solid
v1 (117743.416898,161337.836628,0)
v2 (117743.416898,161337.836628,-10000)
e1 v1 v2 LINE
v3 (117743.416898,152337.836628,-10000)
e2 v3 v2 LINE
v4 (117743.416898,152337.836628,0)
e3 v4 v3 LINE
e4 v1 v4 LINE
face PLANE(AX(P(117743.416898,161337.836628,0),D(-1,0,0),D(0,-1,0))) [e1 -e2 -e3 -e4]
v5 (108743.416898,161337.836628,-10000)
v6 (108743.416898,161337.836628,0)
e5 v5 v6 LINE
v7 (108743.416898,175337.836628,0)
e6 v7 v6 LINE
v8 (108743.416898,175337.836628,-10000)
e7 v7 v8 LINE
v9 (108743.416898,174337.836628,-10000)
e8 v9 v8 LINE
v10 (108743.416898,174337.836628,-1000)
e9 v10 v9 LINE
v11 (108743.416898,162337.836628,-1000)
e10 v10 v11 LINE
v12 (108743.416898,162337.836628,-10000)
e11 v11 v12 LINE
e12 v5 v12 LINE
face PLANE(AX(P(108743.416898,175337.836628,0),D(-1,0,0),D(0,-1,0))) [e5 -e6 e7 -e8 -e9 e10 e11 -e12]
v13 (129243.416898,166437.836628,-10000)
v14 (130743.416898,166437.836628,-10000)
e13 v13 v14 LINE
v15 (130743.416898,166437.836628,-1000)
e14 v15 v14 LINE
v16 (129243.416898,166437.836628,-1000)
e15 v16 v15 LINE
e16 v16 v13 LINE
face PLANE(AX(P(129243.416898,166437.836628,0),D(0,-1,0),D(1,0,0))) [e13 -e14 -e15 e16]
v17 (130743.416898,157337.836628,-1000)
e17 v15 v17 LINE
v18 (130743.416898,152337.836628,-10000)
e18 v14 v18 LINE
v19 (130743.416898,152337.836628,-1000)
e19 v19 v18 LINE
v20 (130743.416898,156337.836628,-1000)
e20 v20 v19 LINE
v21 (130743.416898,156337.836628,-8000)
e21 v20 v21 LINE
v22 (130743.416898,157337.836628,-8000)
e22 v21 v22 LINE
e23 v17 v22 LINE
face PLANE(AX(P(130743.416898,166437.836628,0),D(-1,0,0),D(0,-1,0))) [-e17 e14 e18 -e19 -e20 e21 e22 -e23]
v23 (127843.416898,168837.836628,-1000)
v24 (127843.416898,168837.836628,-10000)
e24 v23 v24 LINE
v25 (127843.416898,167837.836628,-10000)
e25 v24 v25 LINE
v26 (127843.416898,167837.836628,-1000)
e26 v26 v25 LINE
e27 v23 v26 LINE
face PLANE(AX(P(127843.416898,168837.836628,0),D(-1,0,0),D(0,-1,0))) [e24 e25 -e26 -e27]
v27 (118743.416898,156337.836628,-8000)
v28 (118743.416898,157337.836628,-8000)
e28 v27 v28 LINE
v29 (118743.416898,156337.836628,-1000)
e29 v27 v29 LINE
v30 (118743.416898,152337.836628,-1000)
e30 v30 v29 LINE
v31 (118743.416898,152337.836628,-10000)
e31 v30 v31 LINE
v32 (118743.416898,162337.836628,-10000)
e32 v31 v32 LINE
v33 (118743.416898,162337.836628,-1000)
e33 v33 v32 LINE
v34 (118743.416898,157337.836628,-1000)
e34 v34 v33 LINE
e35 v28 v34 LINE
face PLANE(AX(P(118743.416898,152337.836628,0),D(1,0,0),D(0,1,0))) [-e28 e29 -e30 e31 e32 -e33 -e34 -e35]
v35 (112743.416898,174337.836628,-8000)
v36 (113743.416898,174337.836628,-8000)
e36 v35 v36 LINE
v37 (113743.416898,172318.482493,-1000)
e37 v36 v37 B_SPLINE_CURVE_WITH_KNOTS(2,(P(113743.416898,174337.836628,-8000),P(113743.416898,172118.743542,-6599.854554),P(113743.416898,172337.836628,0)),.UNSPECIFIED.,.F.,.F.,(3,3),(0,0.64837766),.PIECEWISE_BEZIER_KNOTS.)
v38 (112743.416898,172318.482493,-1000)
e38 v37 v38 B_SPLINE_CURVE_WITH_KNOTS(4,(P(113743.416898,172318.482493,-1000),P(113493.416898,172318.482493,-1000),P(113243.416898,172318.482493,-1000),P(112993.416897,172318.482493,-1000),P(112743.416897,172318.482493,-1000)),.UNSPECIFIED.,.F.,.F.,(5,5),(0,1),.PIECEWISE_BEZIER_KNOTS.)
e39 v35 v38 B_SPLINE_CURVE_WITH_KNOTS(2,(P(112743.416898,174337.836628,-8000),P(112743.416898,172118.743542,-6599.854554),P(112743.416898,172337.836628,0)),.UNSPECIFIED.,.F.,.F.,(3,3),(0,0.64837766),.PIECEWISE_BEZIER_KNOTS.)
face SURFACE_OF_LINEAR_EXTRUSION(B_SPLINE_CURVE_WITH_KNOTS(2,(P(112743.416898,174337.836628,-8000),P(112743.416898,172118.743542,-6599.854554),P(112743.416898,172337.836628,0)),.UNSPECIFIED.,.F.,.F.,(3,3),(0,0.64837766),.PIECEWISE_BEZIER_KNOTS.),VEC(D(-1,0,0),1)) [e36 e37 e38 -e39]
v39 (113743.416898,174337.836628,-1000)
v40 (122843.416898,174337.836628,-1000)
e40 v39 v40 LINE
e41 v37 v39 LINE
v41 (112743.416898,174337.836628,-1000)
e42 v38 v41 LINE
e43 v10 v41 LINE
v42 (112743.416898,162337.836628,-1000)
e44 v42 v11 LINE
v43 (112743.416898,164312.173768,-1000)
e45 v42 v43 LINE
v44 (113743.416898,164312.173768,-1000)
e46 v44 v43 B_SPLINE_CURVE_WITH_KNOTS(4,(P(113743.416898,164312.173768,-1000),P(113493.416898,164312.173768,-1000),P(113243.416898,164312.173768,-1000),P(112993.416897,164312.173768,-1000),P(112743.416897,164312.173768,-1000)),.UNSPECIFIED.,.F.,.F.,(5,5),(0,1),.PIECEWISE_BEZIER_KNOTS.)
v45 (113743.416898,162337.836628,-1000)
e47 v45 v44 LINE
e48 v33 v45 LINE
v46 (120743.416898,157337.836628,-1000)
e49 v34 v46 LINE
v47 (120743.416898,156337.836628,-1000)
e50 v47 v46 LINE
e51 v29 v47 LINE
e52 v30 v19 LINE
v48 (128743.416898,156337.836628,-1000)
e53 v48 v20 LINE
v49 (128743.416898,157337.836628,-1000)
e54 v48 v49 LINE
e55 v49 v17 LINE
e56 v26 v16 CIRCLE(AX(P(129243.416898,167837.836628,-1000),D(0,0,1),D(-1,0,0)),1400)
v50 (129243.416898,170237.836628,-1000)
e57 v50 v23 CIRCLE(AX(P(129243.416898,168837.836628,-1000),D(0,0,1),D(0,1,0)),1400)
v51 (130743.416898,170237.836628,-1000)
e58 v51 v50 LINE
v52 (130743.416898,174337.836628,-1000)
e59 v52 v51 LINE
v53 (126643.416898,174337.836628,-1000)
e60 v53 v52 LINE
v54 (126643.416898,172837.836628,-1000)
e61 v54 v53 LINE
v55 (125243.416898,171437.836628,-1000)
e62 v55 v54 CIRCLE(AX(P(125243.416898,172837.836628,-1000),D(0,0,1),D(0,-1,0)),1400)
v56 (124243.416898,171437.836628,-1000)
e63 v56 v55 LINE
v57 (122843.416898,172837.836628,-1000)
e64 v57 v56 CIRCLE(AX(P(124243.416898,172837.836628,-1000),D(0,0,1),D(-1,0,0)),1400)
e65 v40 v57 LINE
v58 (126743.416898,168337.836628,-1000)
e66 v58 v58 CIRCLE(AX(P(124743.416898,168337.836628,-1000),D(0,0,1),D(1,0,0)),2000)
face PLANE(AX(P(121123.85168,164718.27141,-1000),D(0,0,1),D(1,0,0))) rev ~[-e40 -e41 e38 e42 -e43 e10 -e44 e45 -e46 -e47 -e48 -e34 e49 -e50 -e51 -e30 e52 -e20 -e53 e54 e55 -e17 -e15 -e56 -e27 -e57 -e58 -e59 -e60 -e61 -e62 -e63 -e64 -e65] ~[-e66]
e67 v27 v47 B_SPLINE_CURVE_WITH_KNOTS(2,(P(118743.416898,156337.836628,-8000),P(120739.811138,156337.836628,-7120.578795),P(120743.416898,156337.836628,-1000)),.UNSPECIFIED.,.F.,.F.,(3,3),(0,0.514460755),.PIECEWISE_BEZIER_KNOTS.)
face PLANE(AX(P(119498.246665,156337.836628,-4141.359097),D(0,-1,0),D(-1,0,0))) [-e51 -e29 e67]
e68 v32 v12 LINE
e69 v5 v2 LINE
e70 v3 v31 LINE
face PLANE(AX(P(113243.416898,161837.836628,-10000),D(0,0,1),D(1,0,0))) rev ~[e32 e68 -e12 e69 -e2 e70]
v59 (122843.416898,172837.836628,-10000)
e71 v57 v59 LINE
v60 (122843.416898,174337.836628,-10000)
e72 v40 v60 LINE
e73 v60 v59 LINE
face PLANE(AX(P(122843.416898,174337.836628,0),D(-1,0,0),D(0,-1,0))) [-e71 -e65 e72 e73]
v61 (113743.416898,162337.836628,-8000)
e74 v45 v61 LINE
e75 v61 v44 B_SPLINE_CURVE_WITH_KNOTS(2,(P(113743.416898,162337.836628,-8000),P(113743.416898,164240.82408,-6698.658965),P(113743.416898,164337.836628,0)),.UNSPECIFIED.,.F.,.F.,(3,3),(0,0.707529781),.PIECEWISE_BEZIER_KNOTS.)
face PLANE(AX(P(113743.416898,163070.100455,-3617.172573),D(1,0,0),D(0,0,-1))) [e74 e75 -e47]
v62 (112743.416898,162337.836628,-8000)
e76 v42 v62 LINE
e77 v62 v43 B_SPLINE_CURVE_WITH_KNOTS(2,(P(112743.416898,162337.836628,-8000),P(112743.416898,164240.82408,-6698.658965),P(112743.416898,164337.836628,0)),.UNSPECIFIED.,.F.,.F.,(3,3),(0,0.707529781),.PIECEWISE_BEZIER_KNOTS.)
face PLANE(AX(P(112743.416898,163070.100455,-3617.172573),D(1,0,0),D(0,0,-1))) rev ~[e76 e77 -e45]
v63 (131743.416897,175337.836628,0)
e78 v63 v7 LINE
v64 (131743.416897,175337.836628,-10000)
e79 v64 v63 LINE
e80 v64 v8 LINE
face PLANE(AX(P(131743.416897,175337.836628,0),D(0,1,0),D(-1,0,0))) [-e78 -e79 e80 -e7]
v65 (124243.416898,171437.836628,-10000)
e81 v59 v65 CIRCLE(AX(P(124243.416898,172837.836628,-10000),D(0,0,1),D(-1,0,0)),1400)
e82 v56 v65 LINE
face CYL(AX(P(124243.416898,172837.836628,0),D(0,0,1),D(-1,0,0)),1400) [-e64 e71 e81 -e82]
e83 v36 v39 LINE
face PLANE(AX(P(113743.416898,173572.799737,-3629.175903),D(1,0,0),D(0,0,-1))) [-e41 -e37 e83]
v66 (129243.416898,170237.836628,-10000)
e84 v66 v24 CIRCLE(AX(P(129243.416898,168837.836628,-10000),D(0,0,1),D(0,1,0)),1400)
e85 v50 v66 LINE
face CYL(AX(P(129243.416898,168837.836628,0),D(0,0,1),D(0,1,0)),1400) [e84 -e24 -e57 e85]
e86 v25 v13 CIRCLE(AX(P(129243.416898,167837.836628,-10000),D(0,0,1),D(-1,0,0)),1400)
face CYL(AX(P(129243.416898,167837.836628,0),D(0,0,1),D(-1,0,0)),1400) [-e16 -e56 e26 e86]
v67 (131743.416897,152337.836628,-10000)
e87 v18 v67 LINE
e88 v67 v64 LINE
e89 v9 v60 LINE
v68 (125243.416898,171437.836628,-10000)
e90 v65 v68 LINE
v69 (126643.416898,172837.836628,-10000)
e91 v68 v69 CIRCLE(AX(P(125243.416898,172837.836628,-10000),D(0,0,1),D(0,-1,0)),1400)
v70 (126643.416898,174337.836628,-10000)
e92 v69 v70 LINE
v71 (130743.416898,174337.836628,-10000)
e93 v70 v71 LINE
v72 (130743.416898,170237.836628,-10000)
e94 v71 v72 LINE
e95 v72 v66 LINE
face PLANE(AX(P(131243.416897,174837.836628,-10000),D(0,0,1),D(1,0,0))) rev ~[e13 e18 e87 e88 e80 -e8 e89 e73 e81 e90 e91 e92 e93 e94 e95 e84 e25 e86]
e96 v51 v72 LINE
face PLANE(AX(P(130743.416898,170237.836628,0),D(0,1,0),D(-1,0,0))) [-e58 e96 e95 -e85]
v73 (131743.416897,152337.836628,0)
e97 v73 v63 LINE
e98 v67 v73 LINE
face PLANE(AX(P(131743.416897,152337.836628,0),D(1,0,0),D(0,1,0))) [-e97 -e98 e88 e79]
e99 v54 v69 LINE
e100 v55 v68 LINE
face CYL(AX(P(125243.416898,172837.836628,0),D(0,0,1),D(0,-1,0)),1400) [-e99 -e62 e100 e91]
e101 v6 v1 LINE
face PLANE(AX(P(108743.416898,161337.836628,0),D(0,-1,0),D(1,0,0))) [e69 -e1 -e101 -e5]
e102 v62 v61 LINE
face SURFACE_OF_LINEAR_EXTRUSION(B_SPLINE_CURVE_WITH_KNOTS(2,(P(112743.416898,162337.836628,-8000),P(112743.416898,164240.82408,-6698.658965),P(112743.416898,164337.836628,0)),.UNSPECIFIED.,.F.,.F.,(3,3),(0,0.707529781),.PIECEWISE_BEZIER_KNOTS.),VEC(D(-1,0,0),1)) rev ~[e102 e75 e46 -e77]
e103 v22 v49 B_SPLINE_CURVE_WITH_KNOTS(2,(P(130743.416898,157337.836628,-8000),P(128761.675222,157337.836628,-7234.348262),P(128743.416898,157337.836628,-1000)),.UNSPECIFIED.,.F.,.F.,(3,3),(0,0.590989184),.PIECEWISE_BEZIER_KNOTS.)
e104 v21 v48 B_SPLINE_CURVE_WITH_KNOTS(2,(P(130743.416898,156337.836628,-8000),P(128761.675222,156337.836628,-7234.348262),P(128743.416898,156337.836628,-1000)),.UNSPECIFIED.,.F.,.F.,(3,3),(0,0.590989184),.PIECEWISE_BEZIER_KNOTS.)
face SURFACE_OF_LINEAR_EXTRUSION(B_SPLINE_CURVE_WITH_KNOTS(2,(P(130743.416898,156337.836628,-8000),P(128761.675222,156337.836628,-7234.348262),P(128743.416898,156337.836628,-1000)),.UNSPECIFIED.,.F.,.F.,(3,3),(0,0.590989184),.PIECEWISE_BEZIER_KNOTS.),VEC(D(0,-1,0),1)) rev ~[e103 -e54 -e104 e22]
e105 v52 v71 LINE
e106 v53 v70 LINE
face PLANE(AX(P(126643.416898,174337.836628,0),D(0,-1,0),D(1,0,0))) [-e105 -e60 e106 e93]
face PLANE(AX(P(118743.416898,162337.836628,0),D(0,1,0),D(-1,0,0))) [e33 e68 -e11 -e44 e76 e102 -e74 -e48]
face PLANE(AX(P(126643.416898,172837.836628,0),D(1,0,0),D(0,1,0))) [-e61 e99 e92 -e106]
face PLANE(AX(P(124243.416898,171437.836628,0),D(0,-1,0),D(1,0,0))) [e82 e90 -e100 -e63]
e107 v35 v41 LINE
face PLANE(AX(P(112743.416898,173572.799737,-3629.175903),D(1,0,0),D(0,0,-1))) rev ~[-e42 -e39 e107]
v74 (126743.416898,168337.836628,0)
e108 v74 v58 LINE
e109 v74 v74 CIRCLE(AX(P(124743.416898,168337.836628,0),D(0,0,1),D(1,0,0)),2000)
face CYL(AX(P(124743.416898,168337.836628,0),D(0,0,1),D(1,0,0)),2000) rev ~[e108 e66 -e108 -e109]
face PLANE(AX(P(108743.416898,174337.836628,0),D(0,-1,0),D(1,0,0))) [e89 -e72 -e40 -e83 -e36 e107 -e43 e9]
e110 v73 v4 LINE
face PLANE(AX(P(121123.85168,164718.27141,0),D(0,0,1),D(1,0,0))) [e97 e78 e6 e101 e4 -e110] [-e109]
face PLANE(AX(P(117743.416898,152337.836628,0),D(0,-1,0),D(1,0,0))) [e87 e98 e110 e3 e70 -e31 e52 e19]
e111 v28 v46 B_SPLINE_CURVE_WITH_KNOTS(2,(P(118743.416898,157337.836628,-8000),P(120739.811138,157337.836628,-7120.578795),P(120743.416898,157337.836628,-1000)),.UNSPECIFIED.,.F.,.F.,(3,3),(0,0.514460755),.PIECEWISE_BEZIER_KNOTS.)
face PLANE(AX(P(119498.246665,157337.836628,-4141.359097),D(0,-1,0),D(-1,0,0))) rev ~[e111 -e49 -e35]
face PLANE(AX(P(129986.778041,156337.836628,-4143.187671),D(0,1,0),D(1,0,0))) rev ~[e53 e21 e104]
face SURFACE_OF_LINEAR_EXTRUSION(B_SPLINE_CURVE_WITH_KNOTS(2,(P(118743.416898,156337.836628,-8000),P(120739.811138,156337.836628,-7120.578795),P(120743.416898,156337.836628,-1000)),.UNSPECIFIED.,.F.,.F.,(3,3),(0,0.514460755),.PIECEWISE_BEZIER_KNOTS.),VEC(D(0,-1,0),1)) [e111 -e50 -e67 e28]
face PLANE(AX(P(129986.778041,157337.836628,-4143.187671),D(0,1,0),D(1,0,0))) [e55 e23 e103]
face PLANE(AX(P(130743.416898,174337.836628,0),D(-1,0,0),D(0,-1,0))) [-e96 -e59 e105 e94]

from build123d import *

# Parameters (mm, degrees)
CROQUIS1_R                   = 2000
SALIENTE_EXTRUIR1_DEPTH      = 1000
SALIENTE_EXTRUIR2_DEPTH      = 10000
SALIENTE_EXTRUIR3_DEPTH      = 500
SALIENTE_EXTRUIR3_DEPTH_BACK = 500
SALIENTE_EXTRUIR5_DEPTH      = 500
SALIENTE_EXTRUIR5_DEPTH_BACK = 500


with BuildPart() as part:
    # Croquis1 → Saliente-Extruir1 (new body)
    with BuildSketch(Plane.XY):
        Polygon((117743.416897498, 161337.836627923), (117743.416897498, 152337.836627923), (131743.416897498, 152337.836627923), (131743.416897498, 175337.836627923), (108743.416897498, 175337.836627923), (108743.416897498, 161337.836627923), align=None)
        with Locations((124743.416897498, 168337.836627923)):
            Circle(CROQUIS1_R, mode=Mode.SUBTRACT)
    extrude(amount=-SALIENTE_EXTRUIR1_DEPTH)

    # Croquis1<6> → Saliente-Extruir2 (add)
    with BuildSketch(Plane.XY):
        Polygon((117743.416897498, 161337.836627923), (117743.416897498, 152337.836627923), (118743.416897498, 152337.836627923), (118743.416897498, 162337.836627923), (108743.416897498, 162337.836627923), (108743.416897498, 161337.836627923), align=None)
        with BuildLine():
            Line((130743.416897498, 152337.836627923), (131743.416897498, 152337.836627923))
            Line((131743.416897498, 152337.836627923), (131743.416897498, 175337.836627923))
            Line((131743.416897498, 175337.836627923), (108743.416897498, 175337.836627923))
            Line((108743.416897498, 175337.836627923), (108743.416897498, 174337.836627923))
            Line((108743.416897498, 174337.836627923), (122843.416897498, 174337.836627923))
            Line((122843.416897498, 174337.836627923), (122843.416897498, 172837.836627923))
            ThreePointArc((122843.416897498, 172837.836627923), (123253.467403837, 171847.887134262), (124243.416897498, 171437.836627923))
            Line((124243.416897498, 171437.836627923), (125243.416897498, 171437.836627923))
            ThreePointArc((125243.416897498, 171437.836627923), (126233.366391159, 171847.887134262), (126643.416897498, 172837.836627923))
            Line((126643.416897498, 172837.836627923), (126643.416897498, 174337.836627923))
            Line((126643.416897498, 174337.836627923), (130743.416897498, 174337.836627923))
            Line((130743.416897498, 174337.836627923), (130743.416897498, 170237.836627923))
            Line((130743.416897498, 170237.836627923), (129243.416897498, 170237.836627923))
            ThreePointArc((129243.416897498, 170237.836627923), (128253.467403837, 169827.786121585), (127843.416897498, 168837.836627923))
            Line((127843.416897498, 168837.836627923), (127843.416897498, 167837.836627923))
            ThreePointArc((127843.416897498, 167837.836627923), (128253.467403837, 166847.887134262), (129243.416897498, 166437.836627923))
            Line((129243.416897498, 166437.836627923), (130743.416897498, 166437.836627923))
            Line((130743.416897498, 166437.836627923), (130743.416897498, 152337.836627923))
        make_face()
    extrude(amount=-SALIENTE_EXTRUIR2_DEPTH)

    # Croquis2 → Saliente-Extruir3 (add, two sides: drawn at the far end of the back side and taken through both)
    with BuildSketch(Plane(origin=(0, 156837.836627923, 0), x_dir=(1, 0, 0), z_dir=(0, 1, 0)).offset(-SALIENTE_EXTRUIR3_DEPTH_BACK)):
        with BuildLine():
            add(Edge.make_bspline(
                [(118743.416897498, 8000), (120739.811138244, 7120.578794783), (120743.416897498, 1000)],
                knots=[0, 0, 0, 0.514460755, 0.514460755, 0.514460755], degree=2))
            Line((118743.416897498, 8000), (118743.416897498, 1000))
            Line((118743.416897498, 1000), (120743.416897498, 1000))
        make_face()
        with BuildLine():
            Line((130743.416897498, 1000), (130743.416897498, 8000))
            add(Edge.make_bspline(
                [(130743.416897498, 8000), (128761.675222051, 7234.348262256), (128743.416897498, 1000)],
                knots=[0, 0, 0, 0.590989184, 0.590989184, 0.590989184], degree=2))
            Line((128743.416897498, 1000), (130743.416897498, 1000))
        make_face()
    extrude(amount=SALIENTE_EXTRUIR3_DEPTH + SALIENTE_EXTRUIR3_DEPTH_BACK)

    # Croquis4 → Saliente-Extruir5 (add, two sides: drawn at the far end of the back side and taken through both)
    with BuildSketch(Plane(origin=(113243.416897498, 0, 0), x_dir=(0, 0, -1), z_dir=(1, 0, 0)).offset(-SALIENTE_EXTRUIR5_DEPTH_BACK)):
        with BuildLine():
            Line((8000, 174337.836627923), (0, 174337.836627923))
            Line((0, 174337.836627923), (0, 172337.836627923))
            add(Edge.make_bspline(
                [(8000, 174337.836627923), (6599.854554041, 172118.74354217), (0, 172337.836627923)],
                knots=[0, 0, 0, 0.64837766, 0.64837766, 0.64837766], degree=2))
        make_face()
        with BuildLine():
            add(Edge.make_bspline(
                [(8000, 162337.836627923), (6698.658965378, 164240.824079883), (0, 164337.836627923)],
                knots=[0, 0, 0, 0.707529781, 0.707529781, 0.707529781], degree=2))
            Line((0, 164337.836627923), (0, 162337.836627923))
            Line((0, 162337.836627923), (8000, 162337.836627923))
        make_face()
    extrude(amount=SALIENTE_EXTRUIR5_DEPTH + SALIENTE_EXTRUIR5_DEPTH_BACK)


solid = part.part
